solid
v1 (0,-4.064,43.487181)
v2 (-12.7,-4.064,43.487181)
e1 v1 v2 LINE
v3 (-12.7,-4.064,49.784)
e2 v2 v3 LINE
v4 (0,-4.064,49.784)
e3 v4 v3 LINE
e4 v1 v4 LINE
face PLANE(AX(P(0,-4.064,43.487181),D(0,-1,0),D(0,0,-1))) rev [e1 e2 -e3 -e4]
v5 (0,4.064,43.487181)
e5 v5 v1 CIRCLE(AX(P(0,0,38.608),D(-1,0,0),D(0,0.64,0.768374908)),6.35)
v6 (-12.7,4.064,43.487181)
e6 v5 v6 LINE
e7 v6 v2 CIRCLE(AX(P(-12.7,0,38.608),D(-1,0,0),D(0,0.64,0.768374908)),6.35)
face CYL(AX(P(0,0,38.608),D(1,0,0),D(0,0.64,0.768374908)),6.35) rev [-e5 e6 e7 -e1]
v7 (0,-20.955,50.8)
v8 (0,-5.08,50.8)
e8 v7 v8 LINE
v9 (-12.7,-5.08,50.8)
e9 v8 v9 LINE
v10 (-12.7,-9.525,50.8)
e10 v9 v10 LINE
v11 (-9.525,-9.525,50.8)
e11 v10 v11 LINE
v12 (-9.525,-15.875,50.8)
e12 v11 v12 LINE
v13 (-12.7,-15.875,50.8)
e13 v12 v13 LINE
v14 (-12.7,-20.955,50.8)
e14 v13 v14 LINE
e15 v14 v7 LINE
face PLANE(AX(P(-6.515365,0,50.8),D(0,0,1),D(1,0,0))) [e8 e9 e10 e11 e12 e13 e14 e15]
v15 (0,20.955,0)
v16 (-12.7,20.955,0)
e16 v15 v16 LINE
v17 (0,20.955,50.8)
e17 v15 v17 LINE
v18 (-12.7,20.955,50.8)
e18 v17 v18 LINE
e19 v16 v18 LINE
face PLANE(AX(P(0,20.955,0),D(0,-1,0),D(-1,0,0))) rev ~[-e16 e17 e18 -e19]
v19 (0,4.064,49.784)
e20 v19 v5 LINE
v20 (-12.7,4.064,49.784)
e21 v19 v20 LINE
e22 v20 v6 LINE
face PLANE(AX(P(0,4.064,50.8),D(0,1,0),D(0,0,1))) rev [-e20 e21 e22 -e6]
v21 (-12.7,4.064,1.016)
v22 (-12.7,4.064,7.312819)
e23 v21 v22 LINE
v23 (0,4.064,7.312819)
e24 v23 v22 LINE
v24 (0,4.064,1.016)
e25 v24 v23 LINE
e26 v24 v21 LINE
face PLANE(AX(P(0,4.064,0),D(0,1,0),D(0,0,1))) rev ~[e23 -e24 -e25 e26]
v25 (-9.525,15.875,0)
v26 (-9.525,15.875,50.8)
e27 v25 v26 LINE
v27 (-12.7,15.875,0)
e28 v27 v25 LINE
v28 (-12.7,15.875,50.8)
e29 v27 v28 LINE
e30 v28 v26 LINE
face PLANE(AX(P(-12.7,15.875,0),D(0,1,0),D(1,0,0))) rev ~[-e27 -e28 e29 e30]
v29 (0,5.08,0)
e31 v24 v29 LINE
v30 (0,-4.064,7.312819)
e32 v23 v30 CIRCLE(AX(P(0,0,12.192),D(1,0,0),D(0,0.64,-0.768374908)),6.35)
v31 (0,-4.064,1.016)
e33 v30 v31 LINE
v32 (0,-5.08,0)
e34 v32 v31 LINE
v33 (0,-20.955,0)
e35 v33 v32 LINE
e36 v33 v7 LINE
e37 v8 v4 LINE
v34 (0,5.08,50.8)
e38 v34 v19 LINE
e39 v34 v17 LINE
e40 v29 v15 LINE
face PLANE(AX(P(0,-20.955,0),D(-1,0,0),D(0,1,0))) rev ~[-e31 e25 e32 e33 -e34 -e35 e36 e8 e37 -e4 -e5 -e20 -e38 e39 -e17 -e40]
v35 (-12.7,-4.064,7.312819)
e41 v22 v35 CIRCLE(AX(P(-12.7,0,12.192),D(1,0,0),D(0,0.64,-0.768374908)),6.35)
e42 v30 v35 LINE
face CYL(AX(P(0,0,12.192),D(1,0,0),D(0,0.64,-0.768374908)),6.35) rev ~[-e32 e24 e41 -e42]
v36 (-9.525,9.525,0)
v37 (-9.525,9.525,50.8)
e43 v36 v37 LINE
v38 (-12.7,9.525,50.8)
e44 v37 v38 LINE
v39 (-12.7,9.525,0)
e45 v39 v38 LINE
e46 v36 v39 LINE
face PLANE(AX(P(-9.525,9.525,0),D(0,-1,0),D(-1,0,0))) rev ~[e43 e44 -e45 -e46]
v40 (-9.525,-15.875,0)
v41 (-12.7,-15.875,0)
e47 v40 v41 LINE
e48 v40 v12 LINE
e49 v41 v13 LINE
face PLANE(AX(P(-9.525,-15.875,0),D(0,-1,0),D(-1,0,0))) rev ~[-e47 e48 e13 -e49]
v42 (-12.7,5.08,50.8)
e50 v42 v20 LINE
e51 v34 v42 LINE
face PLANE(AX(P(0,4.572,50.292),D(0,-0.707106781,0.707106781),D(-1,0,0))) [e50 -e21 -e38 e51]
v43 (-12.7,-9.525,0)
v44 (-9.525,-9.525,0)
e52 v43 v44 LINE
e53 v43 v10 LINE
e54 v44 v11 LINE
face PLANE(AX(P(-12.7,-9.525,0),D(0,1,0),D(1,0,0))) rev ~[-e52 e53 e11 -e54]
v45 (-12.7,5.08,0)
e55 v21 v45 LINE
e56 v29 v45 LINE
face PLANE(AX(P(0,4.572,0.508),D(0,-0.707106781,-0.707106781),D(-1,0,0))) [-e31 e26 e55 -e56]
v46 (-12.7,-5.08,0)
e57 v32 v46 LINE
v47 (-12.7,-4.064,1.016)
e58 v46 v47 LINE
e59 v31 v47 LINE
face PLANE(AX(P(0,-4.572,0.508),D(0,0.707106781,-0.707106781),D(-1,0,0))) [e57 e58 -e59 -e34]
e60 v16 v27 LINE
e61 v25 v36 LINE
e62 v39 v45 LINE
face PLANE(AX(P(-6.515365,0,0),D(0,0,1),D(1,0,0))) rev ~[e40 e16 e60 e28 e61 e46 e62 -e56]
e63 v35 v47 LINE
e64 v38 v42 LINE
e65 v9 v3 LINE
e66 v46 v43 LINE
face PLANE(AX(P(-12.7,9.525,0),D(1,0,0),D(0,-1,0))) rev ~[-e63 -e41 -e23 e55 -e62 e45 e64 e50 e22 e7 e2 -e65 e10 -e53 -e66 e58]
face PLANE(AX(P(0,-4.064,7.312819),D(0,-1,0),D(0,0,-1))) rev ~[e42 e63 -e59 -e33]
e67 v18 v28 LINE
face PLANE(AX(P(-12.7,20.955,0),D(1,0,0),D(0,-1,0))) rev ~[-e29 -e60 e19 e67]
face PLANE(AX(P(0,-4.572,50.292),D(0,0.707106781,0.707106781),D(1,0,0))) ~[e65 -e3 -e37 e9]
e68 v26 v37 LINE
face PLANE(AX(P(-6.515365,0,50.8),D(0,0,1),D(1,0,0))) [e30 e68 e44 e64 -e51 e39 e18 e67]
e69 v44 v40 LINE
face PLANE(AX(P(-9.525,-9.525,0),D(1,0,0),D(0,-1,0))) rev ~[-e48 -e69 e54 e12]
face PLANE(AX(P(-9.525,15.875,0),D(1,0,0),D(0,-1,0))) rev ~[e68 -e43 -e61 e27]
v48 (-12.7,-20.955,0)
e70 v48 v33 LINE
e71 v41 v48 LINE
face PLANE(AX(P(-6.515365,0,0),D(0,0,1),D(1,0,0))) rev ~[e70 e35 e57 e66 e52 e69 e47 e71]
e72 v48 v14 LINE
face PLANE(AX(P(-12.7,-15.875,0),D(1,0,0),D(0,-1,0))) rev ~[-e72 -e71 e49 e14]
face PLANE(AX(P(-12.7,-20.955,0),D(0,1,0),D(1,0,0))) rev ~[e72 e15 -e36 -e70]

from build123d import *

# Parameters (mm, degrees)
F1_DEPTH = 50.8
F3_DEPTH = 25.4
F7_SIZE  = 1.016


with BuildPart() as f1:
    # F0 (on Top) → F1 (new body)
    with BuildSketch(Plane.XY):
        Polygon((-12.7, -15.875), (-12.7, -20.955), (0, -20.955), (0, 20.955), (-12.7, 20.955), (-12.7, 15.875), (-9.525, 15.875), (-9.525, 9.525), (-12.7, 9.525), (-12.7, -9.525), (-9.525, -9.525), (-9.525, -15.875), align=None)
    extrude(amount=F1_DEPTH)

    # F2 (on face) → F3 (cut)
    with BuildSketch(Plane.YZ):
        with BuildLine():
            Line((-4.064, 7.3128193311), (-4.064, 0))
            Line((-4.064, 0), (4.064, 0))
            Line((4.064, 0), (4.064, 7.3128193311))
            ThreePointArc((4.064, 7.3128193311), (0, 18.542), (-4.064, 7.3128193311))
        make_face()
    extrude(amount=-F3_DEPTH, mode=Mode.SUBTRACT)

    # F6: F1 across plane


with BuildPart() as f1_1:
    add(f1.part)
    add(f1.part.mirror(Plane(origin=(-5.8559647303, -12.4897385892, 25.4), x_dir=(1, 0, 0), z_dir=(0, 0, -1))), mode=Mode.INTERSECT)

    # F7
    f7_edges = [f1_1.edges().sort_by_distance(p)[0] for p in [
        (-6.35, -4.064, 50.8),
        (-6.35, 4.064, 50.8),
        (-6.35, 4.064, 0),
        (-6.35, -4.064, 0),
    ]]
    chamfer(f7_edges, length=F7_SIZE)


solid = f1_1.part
